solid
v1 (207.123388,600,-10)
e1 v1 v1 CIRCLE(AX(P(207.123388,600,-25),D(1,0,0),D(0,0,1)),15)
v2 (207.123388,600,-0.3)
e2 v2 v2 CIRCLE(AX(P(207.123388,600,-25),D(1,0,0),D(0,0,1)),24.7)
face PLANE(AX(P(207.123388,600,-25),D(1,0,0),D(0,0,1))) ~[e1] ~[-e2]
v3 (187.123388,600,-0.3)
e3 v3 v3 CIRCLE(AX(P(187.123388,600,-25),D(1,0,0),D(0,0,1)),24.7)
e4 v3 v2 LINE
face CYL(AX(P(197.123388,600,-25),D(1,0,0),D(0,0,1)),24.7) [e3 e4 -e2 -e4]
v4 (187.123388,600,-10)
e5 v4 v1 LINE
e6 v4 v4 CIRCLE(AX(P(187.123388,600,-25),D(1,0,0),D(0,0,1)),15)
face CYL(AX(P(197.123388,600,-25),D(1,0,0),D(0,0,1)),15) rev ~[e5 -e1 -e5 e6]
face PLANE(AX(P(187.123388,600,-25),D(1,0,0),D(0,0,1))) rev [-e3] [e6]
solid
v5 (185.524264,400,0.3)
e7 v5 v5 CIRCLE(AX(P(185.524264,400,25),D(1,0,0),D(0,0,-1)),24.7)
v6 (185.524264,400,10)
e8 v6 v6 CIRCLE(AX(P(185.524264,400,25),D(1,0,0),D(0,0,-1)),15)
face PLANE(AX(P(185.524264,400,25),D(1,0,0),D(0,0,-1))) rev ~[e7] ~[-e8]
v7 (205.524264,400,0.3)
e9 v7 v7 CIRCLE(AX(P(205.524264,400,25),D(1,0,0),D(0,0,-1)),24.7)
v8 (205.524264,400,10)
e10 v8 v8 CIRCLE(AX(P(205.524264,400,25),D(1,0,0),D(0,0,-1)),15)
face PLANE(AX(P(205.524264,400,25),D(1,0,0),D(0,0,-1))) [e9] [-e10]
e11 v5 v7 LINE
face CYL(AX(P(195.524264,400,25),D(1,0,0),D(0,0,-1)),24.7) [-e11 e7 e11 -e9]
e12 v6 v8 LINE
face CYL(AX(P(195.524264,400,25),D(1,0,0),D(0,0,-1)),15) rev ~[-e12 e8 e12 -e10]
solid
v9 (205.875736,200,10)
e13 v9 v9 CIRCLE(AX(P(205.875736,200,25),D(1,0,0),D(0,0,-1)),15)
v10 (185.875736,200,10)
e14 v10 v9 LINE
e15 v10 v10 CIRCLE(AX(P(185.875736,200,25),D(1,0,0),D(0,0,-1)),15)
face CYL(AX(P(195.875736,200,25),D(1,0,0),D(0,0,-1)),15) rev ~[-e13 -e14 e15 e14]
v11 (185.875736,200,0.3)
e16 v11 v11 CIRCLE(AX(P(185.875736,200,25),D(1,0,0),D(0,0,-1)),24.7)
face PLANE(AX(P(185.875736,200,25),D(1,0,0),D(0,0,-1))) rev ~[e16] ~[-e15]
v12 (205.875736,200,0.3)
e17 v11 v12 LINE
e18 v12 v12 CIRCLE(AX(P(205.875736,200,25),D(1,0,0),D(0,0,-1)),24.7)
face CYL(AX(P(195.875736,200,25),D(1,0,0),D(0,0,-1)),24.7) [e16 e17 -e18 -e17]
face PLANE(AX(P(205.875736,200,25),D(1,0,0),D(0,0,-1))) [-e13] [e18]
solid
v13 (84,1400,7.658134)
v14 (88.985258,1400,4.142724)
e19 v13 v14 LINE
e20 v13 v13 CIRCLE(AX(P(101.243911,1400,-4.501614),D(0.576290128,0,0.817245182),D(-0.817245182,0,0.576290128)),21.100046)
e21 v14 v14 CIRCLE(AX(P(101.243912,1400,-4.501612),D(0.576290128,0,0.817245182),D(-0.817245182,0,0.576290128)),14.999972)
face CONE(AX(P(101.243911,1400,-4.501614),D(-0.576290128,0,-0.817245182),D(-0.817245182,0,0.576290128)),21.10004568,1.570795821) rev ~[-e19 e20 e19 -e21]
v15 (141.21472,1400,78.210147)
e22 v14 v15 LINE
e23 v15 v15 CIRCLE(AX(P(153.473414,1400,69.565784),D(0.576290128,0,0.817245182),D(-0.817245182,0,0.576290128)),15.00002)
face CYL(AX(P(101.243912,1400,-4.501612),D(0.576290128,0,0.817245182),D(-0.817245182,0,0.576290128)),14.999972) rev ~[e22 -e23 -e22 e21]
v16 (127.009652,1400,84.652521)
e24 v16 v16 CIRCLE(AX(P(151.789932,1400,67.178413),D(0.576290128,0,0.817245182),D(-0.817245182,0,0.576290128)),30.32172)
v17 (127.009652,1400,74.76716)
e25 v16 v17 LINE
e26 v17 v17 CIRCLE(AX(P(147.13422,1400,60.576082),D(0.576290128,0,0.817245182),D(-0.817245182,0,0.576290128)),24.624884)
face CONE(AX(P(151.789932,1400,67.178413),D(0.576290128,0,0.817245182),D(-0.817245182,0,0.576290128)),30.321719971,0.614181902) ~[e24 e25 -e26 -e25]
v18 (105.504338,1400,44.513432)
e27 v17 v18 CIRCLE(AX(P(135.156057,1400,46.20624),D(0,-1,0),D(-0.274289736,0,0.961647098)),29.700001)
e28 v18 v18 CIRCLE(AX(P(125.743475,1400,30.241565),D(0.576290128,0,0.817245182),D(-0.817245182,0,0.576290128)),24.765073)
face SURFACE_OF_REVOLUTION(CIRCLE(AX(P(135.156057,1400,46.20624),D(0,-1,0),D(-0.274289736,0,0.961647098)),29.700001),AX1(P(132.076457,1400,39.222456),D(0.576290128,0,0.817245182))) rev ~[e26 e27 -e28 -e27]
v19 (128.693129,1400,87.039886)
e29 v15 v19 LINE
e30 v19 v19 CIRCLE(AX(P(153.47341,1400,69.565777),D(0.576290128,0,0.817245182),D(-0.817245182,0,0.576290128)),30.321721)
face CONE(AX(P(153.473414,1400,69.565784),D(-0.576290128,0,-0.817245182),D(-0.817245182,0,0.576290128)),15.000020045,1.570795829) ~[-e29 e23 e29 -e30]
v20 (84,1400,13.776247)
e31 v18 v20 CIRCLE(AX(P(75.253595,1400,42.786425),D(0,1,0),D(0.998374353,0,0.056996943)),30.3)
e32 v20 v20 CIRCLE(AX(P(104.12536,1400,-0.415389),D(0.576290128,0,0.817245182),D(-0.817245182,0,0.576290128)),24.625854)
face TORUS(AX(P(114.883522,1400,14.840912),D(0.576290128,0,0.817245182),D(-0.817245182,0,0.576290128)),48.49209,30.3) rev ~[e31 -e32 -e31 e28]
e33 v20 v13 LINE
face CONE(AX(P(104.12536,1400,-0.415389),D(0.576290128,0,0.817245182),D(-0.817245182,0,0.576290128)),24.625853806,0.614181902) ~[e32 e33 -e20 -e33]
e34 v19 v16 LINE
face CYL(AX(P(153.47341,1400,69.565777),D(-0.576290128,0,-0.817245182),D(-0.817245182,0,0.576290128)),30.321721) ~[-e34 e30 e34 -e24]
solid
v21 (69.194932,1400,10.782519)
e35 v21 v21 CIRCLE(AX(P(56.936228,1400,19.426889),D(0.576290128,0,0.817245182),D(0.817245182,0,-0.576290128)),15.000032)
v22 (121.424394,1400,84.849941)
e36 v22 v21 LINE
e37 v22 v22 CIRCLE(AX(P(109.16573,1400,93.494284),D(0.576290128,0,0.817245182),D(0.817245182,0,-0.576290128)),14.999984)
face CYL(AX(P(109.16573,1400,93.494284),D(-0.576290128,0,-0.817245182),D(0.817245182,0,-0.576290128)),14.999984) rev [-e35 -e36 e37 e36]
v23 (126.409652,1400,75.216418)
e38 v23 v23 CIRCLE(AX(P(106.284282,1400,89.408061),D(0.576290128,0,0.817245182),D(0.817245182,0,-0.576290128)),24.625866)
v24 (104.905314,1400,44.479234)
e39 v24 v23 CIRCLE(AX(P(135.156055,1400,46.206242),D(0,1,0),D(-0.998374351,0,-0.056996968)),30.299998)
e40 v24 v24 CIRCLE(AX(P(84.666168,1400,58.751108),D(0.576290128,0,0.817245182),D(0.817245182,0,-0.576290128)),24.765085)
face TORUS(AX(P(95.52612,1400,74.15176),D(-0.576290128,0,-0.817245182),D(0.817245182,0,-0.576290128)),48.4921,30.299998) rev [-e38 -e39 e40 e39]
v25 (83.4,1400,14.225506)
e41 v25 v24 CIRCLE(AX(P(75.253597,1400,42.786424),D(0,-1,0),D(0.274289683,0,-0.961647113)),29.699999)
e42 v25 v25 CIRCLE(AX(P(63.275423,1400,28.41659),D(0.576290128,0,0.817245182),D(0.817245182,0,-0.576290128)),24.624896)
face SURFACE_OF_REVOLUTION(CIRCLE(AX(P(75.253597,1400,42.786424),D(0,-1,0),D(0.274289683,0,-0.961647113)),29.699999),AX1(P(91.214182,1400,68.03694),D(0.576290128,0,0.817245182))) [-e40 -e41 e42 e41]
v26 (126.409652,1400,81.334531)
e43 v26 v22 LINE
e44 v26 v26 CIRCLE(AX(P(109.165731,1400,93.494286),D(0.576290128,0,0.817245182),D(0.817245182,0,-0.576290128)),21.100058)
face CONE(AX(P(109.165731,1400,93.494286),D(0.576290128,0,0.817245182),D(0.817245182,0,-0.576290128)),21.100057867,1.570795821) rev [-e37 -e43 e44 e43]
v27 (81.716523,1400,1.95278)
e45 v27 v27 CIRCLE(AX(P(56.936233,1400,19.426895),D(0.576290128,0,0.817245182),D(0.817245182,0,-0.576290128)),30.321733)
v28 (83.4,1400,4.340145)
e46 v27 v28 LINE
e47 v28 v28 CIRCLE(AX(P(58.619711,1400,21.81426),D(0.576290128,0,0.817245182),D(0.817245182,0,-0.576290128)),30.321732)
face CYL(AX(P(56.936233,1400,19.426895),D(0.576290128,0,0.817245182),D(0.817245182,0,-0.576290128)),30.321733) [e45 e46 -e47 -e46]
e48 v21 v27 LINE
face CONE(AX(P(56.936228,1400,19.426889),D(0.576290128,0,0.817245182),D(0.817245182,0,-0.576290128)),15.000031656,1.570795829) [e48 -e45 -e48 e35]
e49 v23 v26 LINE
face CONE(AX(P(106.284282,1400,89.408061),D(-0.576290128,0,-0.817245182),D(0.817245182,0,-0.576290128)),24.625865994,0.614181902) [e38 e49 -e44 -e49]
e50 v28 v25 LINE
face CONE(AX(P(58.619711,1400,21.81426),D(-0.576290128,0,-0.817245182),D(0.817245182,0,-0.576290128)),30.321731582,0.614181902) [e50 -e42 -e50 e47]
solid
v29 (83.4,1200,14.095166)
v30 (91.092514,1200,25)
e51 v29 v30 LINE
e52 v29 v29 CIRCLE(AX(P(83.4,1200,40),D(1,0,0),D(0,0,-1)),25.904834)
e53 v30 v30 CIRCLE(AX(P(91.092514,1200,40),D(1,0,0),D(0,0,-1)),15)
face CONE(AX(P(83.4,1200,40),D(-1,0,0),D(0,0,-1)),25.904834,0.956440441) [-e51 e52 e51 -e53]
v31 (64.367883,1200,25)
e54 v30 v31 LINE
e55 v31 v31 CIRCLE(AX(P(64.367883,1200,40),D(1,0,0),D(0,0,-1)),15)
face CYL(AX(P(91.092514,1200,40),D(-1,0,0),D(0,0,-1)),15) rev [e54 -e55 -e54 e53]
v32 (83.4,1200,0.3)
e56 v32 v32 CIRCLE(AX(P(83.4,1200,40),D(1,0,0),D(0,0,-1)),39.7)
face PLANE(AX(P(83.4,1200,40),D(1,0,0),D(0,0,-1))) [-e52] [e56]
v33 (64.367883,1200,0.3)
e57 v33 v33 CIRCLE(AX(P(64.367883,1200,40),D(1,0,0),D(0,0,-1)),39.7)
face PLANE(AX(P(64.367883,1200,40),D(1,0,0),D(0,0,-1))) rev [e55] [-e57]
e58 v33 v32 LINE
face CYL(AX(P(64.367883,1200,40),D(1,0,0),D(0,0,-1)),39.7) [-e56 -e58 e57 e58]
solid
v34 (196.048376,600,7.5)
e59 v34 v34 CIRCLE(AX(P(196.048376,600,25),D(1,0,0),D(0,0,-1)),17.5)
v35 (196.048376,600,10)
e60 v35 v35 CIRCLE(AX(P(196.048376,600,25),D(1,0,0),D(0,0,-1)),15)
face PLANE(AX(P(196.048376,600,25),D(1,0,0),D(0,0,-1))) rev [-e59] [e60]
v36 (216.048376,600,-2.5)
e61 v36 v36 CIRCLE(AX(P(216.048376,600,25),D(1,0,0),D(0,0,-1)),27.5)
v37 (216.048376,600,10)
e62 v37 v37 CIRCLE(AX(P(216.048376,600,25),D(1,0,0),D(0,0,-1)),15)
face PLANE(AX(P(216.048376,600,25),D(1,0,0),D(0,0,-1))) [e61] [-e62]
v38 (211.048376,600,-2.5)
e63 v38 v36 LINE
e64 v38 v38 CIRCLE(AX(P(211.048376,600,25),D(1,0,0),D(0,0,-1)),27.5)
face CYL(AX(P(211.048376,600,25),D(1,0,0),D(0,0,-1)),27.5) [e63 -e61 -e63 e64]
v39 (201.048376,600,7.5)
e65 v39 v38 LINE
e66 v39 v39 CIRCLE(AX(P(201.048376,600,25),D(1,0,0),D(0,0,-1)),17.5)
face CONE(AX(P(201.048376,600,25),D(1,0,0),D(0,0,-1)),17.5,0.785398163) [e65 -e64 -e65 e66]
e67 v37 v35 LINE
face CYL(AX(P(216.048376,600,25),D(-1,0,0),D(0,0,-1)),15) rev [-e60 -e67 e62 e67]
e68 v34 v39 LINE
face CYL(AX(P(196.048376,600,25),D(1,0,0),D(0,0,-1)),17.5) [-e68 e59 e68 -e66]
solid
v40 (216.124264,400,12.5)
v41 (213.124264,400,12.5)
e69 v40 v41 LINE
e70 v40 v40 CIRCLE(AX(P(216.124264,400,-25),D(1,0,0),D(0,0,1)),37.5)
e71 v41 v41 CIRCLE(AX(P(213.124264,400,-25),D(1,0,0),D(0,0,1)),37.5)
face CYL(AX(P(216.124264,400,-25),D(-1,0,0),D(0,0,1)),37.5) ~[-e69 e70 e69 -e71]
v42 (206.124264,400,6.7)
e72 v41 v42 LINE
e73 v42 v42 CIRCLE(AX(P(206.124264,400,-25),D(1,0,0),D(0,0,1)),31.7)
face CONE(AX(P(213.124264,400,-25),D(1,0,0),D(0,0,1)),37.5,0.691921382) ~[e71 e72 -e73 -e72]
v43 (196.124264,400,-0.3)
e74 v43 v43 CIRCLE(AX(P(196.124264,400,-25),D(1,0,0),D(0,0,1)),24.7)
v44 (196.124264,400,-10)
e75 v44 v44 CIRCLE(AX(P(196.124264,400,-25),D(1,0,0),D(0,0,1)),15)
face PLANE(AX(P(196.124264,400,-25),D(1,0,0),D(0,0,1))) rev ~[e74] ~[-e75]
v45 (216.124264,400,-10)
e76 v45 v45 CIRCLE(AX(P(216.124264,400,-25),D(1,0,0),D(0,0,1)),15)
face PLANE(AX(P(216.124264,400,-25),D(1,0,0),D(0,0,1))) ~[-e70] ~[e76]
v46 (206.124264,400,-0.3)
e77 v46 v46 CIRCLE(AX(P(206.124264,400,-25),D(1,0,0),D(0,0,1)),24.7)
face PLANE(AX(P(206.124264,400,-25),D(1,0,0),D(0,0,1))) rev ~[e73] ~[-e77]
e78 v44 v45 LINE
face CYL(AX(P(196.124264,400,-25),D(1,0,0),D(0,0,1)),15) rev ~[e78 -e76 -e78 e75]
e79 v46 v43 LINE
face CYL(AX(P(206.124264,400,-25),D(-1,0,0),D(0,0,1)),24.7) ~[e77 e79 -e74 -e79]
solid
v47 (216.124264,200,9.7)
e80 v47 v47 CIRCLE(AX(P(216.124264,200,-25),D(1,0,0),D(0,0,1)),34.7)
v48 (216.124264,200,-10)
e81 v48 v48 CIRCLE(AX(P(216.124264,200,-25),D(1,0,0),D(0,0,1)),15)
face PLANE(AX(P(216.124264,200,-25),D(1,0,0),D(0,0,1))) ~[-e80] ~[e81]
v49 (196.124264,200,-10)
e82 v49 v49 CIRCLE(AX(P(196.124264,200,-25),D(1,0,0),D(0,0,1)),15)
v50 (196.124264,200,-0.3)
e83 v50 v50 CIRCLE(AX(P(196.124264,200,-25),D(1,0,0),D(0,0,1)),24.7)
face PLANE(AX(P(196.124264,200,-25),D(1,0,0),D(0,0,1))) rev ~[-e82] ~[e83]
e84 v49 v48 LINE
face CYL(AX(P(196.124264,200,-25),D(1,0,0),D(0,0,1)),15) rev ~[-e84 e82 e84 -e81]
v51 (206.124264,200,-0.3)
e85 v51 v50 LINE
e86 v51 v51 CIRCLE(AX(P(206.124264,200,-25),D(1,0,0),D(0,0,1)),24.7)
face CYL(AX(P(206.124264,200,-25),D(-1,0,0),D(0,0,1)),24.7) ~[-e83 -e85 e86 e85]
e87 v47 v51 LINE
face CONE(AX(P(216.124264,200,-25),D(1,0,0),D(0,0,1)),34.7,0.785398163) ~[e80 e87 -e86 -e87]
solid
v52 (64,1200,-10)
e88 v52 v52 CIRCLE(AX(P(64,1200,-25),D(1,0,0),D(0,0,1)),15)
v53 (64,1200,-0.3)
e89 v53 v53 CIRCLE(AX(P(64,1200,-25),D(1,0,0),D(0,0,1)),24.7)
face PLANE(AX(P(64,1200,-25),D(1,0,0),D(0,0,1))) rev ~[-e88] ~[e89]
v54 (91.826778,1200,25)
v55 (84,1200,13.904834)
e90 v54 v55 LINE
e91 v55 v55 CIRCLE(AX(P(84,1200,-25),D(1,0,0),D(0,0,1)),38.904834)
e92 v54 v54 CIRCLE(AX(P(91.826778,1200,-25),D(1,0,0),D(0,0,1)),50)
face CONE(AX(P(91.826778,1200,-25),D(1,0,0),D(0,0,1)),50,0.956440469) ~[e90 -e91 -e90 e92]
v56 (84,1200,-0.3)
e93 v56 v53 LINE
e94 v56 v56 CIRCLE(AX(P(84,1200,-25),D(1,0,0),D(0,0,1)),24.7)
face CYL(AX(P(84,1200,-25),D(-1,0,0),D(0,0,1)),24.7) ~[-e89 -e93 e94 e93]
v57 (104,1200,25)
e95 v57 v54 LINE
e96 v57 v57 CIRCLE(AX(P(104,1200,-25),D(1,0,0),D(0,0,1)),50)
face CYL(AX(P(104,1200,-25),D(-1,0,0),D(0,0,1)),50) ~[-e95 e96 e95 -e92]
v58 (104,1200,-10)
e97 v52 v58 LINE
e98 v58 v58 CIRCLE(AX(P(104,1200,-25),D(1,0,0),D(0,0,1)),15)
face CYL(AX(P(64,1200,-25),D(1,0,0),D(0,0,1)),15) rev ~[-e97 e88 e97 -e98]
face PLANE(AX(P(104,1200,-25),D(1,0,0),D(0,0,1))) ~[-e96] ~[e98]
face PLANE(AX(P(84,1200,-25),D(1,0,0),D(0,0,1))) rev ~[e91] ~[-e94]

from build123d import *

# Parameters (mm, degrees)
F9_W  = 20
F9_H  = 9.7
F10_W = 20
F10_H = 9.7
F11_W = 20
F11_H = 9.7


with BuildPart() as f17:
    # F9 (on offset) → F17 (revolve)
    with BuildSketch(Plane.XZ.offset(-200)):
        with Locations((195.875736, 5.15)):
            Rectangle(F9_W, F9_H)
    revolve(axis=Axis((202.633768, 200, 25), (1, 0, 0)))


with BuildPart() as f18:
    # F9 (on offset) → F18 (revolve)
    with BuildSketch(Plane.XZ.offset(-200)):
        Polygon((210.454773, 4.030509), (206.124264, -0.3), (196.124264, -0.3), (196.124264, -10), (216.124264, -10), (216.124264, 9.7), align=None)
    revolve(axis=Axis((216.828793, 200, -25), (1, 0, 0)))


with BuildPart() as f19:
    # F10 (on offset) → F19 (revolve)
    with BuildSketch(Plane.XZ.offset(-400)):
        Polygon((206.124264, -0.3), (196.124264, -0.3), (196.124264, -10), (216.124264, -10), (216.124264, 12.5), (213.124264, 12.5), (206.124264, 6.7), align=None)
    revolve(axis=Axis((216.828793, 400, -25), (1, 0, 0)))


with BuildPart() as f20:
    # F10 (on offset) → F20 (revolve)
    with BuildSketch(Plane.XZ.offset(-400)):
        with Locations((195.524264, 5.15)):
            Rectangle(F10_W, F10_H)
    revolve(axis=Axis((202.633768, 400, 25), (1, 0, 0)))


with BuildPart() as f21:
    # F11 (on offset) → F21 (revolve)
    with BuildSketch(Plane.XZ.offset(-600)):
        Polygon((201.048376, 7.5), (211.048376, -2.5), (216.048376, -2.5), (216.048376, 10), (196.048376, 10), (196.048376, 7.5), align=None)
    revolve(axis=Axis((202.633768, 600, 25), (1, 0, 0)))


with BuildPart() as f22:
    # F11 (on offset) → F22 (revolve)
    with BuildSketch(Plane.XZ.offset(-600)):
        with Locations((197.123388, -5.15)):
            Rectangle(F11_W, F11_H)
    revolve(axis=Axis((216.828793, 600, -25), (1, 0, 0)))


with BuildPart() as f23:
    # F14 (on offset) → F23 (revolve)
    with BuildSketch(Plane.XZ.offset(-1200)):
        Polygon((64.367883, 25), (64.367883, 0.3), (83.4, 0.3), (83.4, 14.095166), (91.092514, 25), align=None)
    revolve(axis=Axis((88.076424, 1200, 40), (1, 0, 0)))


with BuildPart() as f24:
    # F14 (on offset) → F24 (revolve)
    with BuildSketch(Plane.XZ.offset(-1200)):
        Polygon((91.826778, 25), (84, 13.904834), (84, -0.3), (64, -0.3), (64, -10), (104, -10), (104, 25), align=None)
    revolve(axis=Axis((216.828793, 1200, -25), (1, 0, 0)))


with BuildPart() as f25:
    # F15 (on offset) → F25 (revolve)
    with BuildSketch(Plane.XZ.offset(-1400)):
        with BuildLine():
            ThreePointArc((104.905314, 44.479234), (110.328894, 63.575812), (126.409652, 75.216418))
            Line((126.409652, 75.216418), (126.409652, 81.334531))
            Line((126.409652, 81.334531), (121.424394, 84.849941))
            Line((121.424394, 84.849941), (69.194932, 10.782519))
            Line((69.194932, 10.782519), (81.716523, 1.95278))
            Line((81.716523, 1.95278), (83.4, 4.340145))
            Line((83.4, 4.340145), (83.4, 14.225506))
            ThreePointArc((83.4, 14.225506), (99.460961, 25.579058), (104.905314, 44.479234))
        make_face()
    revolve(axis=Axis((91.214182, 1400, 68.03694), (0.57629, 0, 0.817245)))


with BuildPart() as f26:
    # F15 (on offset) → F26 (revolve)
    with BuildSketch(Plane.XZ.offset(-1400)):
        with BuildLine():
            Line((127.009652, 84.652521), (127.009652, 74.76716))
            ThreePointArc((127.009652, 74.76716), (110.948691, 63.413607), (105.504338, 44.513432))
            ThreePointArc((105.504338, 44.513432), (100.080758, 25.416854), (84, 13.776247))
            Line((84, 13.776247), (84, 7.658134))
            Line((84, 7.658134), (88.985258, 4.142724))
            Line((88.985258, 4.142724), (141.21472, 78.210147))
            Line((141.21472, 78.210147), (128.693129, 87.039886))
            Line((128.693129, 87.039886), (127.009652, 84.652521))
        make_face()
    revolve(axis=Axis((132.076457, 1400, 39.222456), (0.57629, 0, 0.817245)))


solid = Compound([f17.part, f18.part, f19.part, f20.part, f21.part, f22.part, f23.part, f24.part, f25.part, f26.part])
